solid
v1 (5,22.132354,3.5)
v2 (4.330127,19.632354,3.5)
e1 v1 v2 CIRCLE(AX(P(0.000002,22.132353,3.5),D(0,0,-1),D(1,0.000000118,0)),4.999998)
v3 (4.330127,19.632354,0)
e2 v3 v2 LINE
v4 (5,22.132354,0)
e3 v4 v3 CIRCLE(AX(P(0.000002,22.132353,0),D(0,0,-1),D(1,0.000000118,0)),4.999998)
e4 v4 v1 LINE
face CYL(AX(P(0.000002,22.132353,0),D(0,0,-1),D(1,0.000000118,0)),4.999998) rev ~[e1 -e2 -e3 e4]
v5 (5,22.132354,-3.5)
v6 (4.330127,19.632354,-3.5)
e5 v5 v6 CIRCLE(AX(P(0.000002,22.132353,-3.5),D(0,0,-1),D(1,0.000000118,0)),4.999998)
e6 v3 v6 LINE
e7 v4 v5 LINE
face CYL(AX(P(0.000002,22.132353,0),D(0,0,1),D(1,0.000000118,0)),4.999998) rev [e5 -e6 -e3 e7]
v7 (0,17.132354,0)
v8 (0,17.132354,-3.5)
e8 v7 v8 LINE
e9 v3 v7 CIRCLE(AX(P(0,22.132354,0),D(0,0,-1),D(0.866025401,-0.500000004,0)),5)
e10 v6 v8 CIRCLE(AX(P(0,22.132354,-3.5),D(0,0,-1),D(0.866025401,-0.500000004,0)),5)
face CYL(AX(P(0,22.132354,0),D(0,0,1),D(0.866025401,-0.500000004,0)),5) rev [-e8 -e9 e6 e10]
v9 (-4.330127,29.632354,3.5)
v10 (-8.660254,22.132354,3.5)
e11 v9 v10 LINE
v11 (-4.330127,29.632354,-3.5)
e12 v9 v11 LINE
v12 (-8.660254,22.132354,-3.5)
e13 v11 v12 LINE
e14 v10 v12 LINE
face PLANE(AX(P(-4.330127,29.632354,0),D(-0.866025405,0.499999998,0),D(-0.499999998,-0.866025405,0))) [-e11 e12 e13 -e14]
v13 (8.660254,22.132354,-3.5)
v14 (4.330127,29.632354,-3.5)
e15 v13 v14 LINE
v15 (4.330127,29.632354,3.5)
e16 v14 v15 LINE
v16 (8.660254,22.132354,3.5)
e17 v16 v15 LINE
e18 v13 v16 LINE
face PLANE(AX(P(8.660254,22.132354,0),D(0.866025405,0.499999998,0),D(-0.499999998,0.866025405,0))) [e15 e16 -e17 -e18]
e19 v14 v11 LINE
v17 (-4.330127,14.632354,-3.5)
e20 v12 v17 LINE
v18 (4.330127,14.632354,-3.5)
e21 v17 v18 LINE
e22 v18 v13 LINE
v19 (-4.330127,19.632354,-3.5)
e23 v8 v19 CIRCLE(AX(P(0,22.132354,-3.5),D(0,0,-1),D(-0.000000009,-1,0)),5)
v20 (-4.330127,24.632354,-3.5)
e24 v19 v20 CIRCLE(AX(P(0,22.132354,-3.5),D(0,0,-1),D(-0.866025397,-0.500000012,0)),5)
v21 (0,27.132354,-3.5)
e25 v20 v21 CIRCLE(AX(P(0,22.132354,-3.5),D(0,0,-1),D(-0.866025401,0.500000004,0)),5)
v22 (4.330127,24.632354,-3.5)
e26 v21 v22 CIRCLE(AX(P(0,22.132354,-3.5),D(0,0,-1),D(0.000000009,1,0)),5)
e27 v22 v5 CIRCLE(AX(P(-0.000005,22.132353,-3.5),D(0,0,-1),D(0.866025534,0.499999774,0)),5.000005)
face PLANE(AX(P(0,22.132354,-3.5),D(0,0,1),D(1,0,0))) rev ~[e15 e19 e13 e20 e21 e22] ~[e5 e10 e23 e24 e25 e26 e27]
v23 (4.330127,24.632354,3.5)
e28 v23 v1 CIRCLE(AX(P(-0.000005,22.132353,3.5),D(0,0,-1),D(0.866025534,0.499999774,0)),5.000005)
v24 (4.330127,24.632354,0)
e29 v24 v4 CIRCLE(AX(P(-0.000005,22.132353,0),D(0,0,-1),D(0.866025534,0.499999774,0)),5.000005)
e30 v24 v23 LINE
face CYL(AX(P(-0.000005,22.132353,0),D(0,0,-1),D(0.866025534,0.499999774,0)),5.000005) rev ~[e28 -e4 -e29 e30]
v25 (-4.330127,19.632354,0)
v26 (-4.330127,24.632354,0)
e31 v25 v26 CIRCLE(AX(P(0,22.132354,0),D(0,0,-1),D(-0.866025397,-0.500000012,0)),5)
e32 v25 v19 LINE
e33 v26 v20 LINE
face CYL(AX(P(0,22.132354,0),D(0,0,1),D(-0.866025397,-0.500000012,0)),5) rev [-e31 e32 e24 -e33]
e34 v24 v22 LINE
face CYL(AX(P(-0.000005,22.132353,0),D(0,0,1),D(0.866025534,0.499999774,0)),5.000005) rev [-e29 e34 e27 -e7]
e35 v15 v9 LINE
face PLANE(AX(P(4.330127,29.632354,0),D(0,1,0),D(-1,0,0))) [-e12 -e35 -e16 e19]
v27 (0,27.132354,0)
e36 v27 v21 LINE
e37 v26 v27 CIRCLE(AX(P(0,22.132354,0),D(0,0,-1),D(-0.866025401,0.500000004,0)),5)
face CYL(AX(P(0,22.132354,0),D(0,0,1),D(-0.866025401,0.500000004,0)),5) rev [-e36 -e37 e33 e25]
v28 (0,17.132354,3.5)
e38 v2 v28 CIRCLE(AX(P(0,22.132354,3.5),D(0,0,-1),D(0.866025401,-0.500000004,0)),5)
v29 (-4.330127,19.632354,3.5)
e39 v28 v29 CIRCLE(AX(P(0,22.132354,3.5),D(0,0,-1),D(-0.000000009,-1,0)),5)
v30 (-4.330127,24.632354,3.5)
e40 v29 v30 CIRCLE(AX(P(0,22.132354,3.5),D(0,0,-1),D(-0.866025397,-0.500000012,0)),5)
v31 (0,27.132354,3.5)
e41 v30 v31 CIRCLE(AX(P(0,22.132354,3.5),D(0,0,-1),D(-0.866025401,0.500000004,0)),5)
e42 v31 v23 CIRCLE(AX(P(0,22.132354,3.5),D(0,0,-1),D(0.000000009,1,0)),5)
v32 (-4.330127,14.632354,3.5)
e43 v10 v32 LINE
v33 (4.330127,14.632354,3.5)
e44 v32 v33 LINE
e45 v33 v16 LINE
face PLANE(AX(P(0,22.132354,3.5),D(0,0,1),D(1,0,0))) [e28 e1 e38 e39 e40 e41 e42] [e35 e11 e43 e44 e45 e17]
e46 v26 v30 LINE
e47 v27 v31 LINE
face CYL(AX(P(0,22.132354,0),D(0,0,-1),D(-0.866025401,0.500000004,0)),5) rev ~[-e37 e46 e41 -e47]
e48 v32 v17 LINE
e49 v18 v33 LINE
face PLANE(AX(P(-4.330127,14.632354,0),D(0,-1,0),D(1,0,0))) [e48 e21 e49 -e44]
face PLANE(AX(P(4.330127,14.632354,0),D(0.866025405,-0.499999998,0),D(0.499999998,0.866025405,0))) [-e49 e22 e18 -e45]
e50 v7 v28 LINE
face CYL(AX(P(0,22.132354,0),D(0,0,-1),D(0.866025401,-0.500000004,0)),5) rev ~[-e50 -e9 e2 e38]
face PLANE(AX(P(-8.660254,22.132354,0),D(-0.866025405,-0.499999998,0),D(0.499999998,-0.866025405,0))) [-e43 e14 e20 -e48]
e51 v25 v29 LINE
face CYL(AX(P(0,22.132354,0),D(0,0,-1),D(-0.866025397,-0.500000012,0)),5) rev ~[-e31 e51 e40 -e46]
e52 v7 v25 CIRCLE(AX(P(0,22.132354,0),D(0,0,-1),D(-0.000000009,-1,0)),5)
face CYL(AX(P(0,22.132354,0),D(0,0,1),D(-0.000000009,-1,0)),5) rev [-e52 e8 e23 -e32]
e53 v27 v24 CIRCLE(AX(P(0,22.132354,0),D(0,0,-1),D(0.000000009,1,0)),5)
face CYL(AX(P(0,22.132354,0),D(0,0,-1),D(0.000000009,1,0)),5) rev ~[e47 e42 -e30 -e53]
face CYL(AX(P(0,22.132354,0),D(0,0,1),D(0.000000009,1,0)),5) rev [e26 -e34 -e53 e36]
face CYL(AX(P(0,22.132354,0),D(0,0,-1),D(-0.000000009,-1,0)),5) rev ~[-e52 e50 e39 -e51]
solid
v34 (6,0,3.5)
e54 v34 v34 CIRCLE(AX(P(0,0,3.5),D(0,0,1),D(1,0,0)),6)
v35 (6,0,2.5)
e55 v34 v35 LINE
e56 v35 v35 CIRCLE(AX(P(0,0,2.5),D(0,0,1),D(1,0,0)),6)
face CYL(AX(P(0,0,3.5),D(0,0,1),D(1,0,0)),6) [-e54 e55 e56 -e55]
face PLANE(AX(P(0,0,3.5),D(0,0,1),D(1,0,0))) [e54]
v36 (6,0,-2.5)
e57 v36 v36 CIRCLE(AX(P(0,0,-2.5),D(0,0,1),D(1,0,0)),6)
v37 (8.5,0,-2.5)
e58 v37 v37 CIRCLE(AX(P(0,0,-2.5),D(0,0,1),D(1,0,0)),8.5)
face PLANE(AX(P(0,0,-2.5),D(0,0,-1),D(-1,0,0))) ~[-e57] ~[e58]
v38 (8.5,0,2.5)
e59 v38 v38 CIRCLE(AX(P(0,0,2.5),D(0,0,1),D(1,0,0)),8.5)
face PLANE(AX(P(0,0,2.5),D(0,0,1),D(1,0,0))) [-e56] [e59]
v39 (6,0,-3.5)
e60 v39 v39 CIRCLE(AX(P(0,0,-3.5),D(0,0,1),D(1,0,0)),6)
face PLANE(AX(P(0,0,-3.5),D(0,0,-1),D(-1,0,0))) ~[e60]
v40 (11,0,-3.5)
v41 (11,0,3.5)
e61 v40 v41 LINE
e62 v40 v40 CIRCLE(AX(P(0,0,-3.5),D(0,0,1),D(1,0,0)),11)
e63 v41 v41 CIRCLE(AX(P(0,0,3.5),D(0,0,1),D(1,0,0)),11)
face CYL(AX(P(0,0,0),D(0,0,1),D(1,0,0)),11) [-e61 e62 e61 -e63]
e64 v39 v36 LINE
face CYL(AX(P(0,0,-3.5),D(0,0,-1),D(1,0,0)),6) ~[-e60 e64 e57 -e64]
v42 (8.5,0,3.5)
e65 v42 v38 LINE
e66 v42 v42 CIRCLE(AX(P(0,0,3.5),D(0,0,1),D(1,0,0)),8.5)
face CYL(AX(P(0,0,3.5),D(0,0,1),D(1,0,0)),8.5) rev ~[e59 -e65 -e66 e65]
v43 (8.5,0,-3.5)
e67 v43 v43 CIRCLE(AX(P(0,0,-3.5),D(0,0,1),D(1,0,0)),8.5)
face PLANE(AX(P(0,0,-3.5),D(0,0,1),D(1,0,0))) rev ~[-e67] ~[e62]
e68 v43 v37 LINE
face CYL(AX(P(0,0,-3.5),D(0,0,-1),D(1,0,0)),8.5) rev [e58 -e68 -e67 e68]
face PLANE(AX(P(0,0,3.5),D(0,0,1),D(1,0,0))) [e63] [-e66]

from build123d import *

# Parameters (mm, degrees)
F0_R          = 11
F1_DEPTH      = 3.5
F1_DEPTH_BACK = 3.5
F3_DEPTH      = 3.5
F3_DEPTH_BACK = 3.5
F4_R          = 8.5
F4_R_2        = 6
F5_DEPTH      = 1


with BuildPart() as f1:
    # F0 (on Top) → F1 (new body, two sides)
    with BuildSketch(Plane.XY) as f1_sk:
        Circle(F0_R)
    extrude(amount=F1_DEPTH)
    extrude(f1_sk.sketch, amount=-F1_DEPTH_BACK)

    # F4 (on face) → F5 (cut)
    with BuildSketch(Plane.XY.offset(3.5)):
        Circle(F4_R)
        Circle(F4_R_2, mode=Mode.SUBTRACT)
    extrude(amount=-F5_DEPTH, mode=Mode.SUBTRACT)

    # F6: F1 across plane


with BuildPart() as f3:
    # F2 (on Top) → F3 (new body, two sides)
    with BuildSketch(Plane.XY) as f3_sk:
        Polygon((-4.330127, 14.632354), (4.330127, 14.632354), (8.660254, 22.132354), (4.330127, 29.632354), (-4.330127, 29.632354), (-8.660254, 22.132354), align=None)
        Polygon((4.330127, 19.632354), (2.886751, 17.132354), (0, 17.132354), (-2.886751, 17.132354), (-4.330127, 19.632354), (-5.773503, 22.132354), (-4.330127, 24.632354), (-2.886751, 27.132354), (0, 27.132354), (2.886751, 27.132354), (4.330127, 24.632354), (5.773503, 22.132354), align=None, mode=Mode.SUBTRACT)
        with BuildLine():
            Line((-2.886751, 17.132354), (0, 17.132354))
            ThreePointArc((0, 17.132354), (-2.5, 17.802227), (-4.330127, 19.632354))
            Line((-4.330127, 19.632354), (-2.886751, 17.132354))
        make_face()
        with BuildLine():
            Line((-5.773503, 22.132354), (-4.330127, 19.632354))
            ThreePointArc((-4.330127, 19.632354), (-5, 22.132354), (-4.330127, 24.632354))
            Line((-4.330127, 24.632354), (-5.773503, 22.132354))
        make_face()
        with BuildLine():
            Line((-2.886751, 27.132354), (-4.330127, 24.632354))
            ThreePointArc((-4.330127, 24.632354), (-2.5, 26.462481), (0, 27.132354))
            Line((0, 27.132354), (-2.886751, 27.132354))
        make_face()
        with BuildLine():
            ThreePointArc((0, 27.132354), (2.5, 26.462481), (4.330127, 24.632354))
            Line((4.330127, 24.632354), (2.886751, 27.132354))
            Line((2.886751, 27.132354), (0, 27.132354))
        make_face()
        with BuildLine():
            ThreePointArc((5, 22.132354), (4.829629, 20.838258), (4.330127, 19.632354))
            Line((4.330127, 19.632354), (5.773503, 22.132354))
            Line((5.773503, 22.132354), (4.330127, 24.632354))
            ThreePointArc((4.330127, 24.632354), (4.829629, 23.426449), (5, 22.132354))
        make_face()
        with BuildLine():
            Line((0, 17.132354), (2.886751, 17.132354))
            Line((2.886751, 17.132354), (4.330127, 19.632354))
            ThreePointArc((4.330127, 19.632354), (2.5, 17.802227), (0, 17.132354))
        make_face()
    extrude(amount=F3_DEPTH)
    extrude(f3_sk.sketch, amount=-F3_DEPTH_BACK)


with BuildPart() as f1_1:
    add(f1.part)
    add(f1.part.mirror(Plane.XY), mode=Mode.INTERSECT)


solid = Compound([f3.part, f1_1.part])
